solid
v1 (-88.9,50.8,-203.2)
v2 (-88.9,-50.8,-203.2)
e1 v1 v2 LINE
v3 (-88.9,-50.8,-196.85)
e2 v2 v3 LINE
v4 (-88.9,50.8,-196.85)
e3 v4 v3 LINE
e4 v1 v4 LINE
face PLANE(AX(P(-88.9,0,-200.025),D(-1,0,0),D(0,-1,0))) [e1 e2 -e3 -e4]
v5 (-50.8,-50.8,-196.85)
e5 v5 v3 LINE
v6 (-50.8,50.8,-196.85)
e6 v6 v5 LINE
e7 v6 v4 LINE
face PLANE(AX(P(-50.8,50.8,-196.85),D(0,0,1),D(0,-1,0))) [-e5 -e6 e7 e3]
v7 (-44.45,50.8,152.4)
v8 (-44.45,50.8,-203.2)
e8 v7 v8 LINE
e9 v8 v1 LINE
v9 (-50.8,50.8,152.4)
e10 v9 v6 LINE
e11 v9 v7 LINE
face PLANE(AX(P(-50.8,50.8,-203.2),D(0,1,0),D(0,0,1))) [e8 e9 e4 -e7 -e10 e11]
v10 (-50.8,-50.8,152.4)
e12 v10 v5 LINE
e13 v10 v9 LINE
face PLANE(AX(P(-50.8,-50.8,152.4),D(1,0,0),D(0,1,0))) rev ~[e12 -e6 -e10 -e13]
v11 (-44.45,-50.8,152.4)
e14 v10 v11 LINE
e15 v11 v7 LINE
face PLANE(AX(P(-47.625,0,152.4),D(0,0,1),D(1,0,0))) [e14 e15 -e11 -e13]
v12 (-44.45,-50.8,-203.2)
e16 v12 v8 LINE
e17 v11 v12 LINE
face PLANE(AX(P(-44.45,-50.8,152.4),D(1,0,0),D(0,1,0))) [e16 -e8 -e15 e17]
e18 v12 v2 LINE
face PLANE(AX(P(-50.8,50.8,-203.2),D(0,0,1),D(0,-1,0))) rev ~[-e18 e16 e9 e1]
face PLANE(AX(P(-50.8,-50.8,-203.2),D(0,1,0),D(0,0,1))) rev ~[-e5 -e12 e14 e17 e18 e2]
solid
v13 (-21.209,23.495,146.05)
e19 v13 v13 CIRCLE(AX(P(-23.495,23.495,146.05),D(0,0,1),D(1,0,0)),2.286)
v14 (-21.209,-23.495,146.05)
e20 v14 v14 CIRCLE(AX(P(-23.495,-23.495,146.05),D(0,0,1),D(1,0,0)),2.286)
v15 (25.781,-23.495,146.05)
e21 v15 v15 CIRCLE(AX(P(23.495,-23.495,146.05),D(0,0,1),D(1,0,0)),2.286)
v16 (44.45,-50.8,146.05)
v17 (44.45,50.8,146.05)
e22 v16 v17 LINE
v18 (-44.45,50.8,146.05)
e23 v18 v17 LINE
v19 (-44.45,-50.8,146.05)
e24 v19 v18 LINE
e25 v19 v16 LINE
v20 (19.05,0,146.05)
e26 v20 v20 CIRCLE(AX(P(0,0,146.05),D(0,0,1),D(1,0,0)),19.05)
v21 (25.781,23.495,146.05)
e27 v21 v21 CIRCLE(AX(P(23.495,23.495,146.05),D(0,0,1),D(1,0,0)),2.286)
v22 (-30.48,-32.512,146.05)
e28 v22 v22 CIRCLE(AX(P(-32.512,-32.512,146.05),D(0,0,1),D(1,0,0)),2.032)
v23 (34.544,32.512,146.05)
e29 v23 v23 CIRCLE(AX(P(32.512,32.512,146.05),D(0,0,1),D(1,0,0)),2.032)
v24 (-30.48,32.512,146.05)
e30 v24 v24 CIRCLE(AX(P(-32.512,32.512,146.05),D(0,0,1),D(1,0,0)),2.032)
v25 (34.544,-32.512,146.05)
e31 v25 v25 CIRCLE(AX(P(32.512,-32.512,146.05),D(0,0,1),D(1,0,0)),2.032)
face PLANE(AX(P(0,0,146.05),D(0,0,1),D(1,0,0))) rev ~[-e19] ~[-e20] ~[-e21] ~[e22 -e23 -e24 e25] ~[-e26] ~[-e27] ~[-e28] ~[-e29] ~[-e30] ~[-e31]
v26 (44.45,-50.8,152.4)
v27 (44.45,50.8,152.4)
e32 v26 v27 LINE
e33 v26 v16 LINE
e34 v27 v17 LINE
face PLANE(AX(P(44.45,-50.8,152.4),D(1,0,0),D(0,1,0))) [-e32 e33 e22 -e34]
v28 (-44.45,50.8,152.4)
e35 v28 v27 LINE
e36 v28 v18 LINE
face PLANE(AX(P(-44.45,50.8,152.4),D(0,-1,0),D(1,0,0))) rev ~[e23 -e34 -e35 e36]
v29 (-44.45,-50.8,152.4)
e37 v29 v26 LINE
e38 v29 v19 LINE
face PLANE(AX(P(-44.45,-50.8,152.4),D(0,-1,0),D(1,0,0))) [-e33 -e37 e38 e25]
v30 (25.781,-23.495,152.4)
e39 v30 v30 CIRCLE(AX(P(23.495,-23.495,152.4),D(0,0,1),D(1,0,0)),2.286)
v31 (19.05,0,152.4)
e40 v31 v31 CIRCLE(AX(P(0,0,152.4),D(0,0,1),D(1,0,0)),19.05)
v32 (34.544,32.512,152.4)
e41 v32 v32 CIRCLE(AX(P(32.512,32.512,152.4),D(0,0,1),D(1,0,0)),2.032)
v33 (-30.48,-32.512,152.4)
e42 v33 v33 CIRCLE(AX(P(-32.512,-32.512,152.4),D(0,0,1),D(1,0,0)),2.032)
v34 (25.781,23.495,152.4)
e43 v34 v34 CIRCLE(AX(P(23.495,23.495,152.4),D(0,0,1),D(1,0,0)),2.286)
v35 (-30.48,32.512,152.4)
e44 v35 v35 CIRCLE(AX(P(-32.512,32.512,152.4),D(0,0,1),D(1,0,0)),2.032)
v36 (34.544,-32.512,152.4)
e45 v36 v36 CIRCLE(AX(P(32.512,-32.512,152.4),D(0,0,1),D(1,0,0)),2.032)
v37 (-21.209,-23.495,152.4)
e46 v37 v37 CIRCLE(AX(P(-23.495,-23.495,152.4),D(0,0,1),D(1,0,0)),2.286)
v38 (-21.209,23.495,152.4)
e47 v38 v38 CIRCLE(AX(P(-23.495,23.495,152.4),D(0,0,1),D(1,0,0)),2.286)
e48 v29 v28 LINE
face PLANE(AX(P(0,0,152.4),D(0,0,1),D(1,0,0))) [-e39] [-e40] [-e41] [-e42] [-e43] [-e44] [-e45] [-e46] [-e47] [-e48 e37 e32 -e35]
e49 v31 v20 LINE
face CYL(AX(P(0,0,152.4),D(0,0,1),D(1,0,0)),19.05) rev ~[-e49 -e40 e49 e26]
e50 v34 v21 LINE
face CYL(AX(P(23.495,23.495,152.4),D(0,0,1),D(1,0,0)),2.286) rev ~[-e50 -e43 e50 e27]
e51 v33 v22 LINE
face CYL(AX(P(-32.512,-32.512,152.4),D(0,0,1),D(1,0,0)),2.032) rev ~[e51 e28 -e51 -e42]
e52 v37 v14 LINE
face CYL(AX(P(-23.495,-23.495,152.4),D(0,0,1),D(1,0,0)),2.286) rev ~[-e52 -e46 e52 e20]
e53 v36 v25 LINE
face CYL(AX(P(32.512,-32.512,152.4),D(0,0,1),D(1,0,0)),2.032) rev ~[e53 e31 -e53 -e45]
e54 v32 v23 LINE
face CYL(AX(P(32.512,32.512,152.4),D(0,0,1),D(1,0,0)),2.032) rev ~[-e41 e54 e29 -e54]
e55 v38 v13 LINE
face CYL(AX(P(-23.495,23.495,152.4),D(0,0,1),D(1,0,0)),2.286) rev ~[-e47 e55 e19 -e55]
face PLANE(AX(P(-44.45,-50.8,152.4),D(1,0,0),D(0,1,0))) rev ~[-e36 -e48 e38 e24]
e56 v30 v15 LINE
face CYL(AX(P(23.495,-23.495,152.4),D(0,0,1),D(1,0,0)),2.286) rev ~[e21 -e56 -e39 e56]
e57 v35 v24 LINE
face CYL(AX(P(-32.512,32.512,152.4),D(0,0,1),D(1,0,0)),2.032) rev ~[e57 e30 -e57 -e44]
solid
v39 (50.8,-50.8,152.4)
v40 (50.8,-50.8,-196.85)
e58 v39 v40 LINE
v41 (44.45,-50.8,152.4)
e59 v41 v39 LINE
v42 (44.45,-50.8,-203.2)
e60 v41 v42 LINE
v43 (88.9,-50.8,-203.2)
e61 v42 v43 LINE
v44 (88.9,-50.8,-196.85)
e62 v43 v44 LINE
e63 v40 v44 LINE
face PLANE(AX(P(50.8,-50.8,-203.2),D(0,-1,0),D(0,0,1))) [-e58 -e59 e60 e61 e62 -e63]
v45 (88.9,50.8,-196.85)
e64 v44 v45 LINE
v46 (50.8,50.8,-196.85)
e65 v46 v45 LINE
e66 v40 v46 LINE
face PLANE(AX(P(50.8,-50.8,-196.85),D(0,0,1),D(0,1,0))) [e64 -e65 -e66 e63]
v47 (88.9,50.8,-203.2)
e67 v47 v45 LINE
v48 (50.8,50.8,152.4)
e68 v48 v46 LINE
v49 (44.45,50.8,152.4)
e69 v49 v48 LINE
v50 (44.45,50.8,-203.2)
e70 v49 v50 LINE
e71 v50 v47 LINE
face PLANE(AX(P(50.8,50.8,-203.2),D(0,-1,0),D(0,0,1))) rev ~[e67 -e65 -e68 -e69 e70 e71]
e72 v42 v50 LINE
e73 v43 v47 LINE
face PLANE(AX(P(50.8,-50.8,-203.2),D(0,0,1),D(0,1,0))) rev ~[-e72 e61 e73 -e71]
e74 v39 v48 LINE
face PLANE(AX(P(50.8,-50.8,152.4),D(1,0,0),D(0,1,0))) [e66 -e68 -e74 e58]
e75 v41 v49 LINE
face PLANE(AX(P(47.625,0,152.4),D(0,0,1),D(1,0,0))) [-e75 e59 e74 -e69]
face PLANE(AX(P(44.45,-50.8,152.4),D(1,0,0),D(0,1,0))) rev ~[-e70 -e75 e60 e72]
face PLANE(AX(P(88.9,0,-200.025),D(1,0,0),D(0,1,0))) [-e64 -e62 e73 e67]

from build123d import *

# Parameters (mm, degrees)
F1_W     = 88.9
F1_H     = 101.6
F1_R     = 2.032
F1_R_2   = 2.286
F1_R_3   = 19.05
F2_DEPTH = 6.35
F1_W_2   = 6.35
F3_DEPTH = 355.6
F4_W     = 101.6
F4_H     = 6.35
F6_DEPTH = 38.1
F5_W     = 101.6
F5_H     = 6.35
F7_DEPTH = 38.1


with BuildPart() as f2:
    # F1 (on offset) → F2 (new body)
    with BuildSketch(Plane.XY.offset(152.4)):
        Rectangle(F1_W, F1_H)
        with Locations((-32.512, -32.512)):
            Circle(F1_R, mode=Mode.SUBTRACT)
        with Locations((-23.495, -23.495)):
            Circle(F1_R_2, mode=Mode.SUBTRACT)
        Circle(F1_R_3, mode=Mode.SUBTRACT)
        with Locations((32.512, -32.512)):
            Circle(F1_R, mode=Mode.SUBTRACT)
        with Locations((23.495, -23.495)):
            Circle(F1_R_2, mode=Mode.SUBTRACT)
        with Locations((-23.495, 23.495)):
            Circle(F1_R_2, mode=Mode.SUBTRACT)
        with Locations((-32.512, 32.512)):
            Circle(F1_R, mode=Mode.SUBTRACT)
        with Locations((23.495, 23.495)):
            Circle(F1_R_2, mode=Mode.SUBTRACT)
        with Locations((32.512, 32.512)):
            Circle(F1_R, mode=Mode.SUBTRACT)
    extrude(amount=-F2_DEPTH)


with BuildPart() as f3:
    # F1 (on offset) → F3 (new body)
    with BuildSketch(Plane.XY.offset(152.4)):
        with Locations((-47.625, 0)):
            Rectangle(F1_W_2, F1_H)
        with Locations((47.625, 0)):
            Rectangle(F1_W_2, F1_H)
    extrude(amount=-F3_DEPTH)

    # F4 (on face) → F6 (join)
    with BuildSketch(Plane(origin=(-50.8, 0, 0), x_dir=(0, -1, 0), z_dir=(-1, 0, 0))):
        with Locations((0, -200.025)):
            Rectangle(F4_W, F4_H)
    extrude(amount=F6_DEPTH)

    # F5 (on face) → F7 (join)
    with BuildSketch(Plane.YZ.offset(50.8)):
        with Locations((0, -200.025)):
            Rectangle(F5_W, F5_H)
    extrude(amount=F7_DEPTH)


solid = Compound([f2.part, f3.part])
